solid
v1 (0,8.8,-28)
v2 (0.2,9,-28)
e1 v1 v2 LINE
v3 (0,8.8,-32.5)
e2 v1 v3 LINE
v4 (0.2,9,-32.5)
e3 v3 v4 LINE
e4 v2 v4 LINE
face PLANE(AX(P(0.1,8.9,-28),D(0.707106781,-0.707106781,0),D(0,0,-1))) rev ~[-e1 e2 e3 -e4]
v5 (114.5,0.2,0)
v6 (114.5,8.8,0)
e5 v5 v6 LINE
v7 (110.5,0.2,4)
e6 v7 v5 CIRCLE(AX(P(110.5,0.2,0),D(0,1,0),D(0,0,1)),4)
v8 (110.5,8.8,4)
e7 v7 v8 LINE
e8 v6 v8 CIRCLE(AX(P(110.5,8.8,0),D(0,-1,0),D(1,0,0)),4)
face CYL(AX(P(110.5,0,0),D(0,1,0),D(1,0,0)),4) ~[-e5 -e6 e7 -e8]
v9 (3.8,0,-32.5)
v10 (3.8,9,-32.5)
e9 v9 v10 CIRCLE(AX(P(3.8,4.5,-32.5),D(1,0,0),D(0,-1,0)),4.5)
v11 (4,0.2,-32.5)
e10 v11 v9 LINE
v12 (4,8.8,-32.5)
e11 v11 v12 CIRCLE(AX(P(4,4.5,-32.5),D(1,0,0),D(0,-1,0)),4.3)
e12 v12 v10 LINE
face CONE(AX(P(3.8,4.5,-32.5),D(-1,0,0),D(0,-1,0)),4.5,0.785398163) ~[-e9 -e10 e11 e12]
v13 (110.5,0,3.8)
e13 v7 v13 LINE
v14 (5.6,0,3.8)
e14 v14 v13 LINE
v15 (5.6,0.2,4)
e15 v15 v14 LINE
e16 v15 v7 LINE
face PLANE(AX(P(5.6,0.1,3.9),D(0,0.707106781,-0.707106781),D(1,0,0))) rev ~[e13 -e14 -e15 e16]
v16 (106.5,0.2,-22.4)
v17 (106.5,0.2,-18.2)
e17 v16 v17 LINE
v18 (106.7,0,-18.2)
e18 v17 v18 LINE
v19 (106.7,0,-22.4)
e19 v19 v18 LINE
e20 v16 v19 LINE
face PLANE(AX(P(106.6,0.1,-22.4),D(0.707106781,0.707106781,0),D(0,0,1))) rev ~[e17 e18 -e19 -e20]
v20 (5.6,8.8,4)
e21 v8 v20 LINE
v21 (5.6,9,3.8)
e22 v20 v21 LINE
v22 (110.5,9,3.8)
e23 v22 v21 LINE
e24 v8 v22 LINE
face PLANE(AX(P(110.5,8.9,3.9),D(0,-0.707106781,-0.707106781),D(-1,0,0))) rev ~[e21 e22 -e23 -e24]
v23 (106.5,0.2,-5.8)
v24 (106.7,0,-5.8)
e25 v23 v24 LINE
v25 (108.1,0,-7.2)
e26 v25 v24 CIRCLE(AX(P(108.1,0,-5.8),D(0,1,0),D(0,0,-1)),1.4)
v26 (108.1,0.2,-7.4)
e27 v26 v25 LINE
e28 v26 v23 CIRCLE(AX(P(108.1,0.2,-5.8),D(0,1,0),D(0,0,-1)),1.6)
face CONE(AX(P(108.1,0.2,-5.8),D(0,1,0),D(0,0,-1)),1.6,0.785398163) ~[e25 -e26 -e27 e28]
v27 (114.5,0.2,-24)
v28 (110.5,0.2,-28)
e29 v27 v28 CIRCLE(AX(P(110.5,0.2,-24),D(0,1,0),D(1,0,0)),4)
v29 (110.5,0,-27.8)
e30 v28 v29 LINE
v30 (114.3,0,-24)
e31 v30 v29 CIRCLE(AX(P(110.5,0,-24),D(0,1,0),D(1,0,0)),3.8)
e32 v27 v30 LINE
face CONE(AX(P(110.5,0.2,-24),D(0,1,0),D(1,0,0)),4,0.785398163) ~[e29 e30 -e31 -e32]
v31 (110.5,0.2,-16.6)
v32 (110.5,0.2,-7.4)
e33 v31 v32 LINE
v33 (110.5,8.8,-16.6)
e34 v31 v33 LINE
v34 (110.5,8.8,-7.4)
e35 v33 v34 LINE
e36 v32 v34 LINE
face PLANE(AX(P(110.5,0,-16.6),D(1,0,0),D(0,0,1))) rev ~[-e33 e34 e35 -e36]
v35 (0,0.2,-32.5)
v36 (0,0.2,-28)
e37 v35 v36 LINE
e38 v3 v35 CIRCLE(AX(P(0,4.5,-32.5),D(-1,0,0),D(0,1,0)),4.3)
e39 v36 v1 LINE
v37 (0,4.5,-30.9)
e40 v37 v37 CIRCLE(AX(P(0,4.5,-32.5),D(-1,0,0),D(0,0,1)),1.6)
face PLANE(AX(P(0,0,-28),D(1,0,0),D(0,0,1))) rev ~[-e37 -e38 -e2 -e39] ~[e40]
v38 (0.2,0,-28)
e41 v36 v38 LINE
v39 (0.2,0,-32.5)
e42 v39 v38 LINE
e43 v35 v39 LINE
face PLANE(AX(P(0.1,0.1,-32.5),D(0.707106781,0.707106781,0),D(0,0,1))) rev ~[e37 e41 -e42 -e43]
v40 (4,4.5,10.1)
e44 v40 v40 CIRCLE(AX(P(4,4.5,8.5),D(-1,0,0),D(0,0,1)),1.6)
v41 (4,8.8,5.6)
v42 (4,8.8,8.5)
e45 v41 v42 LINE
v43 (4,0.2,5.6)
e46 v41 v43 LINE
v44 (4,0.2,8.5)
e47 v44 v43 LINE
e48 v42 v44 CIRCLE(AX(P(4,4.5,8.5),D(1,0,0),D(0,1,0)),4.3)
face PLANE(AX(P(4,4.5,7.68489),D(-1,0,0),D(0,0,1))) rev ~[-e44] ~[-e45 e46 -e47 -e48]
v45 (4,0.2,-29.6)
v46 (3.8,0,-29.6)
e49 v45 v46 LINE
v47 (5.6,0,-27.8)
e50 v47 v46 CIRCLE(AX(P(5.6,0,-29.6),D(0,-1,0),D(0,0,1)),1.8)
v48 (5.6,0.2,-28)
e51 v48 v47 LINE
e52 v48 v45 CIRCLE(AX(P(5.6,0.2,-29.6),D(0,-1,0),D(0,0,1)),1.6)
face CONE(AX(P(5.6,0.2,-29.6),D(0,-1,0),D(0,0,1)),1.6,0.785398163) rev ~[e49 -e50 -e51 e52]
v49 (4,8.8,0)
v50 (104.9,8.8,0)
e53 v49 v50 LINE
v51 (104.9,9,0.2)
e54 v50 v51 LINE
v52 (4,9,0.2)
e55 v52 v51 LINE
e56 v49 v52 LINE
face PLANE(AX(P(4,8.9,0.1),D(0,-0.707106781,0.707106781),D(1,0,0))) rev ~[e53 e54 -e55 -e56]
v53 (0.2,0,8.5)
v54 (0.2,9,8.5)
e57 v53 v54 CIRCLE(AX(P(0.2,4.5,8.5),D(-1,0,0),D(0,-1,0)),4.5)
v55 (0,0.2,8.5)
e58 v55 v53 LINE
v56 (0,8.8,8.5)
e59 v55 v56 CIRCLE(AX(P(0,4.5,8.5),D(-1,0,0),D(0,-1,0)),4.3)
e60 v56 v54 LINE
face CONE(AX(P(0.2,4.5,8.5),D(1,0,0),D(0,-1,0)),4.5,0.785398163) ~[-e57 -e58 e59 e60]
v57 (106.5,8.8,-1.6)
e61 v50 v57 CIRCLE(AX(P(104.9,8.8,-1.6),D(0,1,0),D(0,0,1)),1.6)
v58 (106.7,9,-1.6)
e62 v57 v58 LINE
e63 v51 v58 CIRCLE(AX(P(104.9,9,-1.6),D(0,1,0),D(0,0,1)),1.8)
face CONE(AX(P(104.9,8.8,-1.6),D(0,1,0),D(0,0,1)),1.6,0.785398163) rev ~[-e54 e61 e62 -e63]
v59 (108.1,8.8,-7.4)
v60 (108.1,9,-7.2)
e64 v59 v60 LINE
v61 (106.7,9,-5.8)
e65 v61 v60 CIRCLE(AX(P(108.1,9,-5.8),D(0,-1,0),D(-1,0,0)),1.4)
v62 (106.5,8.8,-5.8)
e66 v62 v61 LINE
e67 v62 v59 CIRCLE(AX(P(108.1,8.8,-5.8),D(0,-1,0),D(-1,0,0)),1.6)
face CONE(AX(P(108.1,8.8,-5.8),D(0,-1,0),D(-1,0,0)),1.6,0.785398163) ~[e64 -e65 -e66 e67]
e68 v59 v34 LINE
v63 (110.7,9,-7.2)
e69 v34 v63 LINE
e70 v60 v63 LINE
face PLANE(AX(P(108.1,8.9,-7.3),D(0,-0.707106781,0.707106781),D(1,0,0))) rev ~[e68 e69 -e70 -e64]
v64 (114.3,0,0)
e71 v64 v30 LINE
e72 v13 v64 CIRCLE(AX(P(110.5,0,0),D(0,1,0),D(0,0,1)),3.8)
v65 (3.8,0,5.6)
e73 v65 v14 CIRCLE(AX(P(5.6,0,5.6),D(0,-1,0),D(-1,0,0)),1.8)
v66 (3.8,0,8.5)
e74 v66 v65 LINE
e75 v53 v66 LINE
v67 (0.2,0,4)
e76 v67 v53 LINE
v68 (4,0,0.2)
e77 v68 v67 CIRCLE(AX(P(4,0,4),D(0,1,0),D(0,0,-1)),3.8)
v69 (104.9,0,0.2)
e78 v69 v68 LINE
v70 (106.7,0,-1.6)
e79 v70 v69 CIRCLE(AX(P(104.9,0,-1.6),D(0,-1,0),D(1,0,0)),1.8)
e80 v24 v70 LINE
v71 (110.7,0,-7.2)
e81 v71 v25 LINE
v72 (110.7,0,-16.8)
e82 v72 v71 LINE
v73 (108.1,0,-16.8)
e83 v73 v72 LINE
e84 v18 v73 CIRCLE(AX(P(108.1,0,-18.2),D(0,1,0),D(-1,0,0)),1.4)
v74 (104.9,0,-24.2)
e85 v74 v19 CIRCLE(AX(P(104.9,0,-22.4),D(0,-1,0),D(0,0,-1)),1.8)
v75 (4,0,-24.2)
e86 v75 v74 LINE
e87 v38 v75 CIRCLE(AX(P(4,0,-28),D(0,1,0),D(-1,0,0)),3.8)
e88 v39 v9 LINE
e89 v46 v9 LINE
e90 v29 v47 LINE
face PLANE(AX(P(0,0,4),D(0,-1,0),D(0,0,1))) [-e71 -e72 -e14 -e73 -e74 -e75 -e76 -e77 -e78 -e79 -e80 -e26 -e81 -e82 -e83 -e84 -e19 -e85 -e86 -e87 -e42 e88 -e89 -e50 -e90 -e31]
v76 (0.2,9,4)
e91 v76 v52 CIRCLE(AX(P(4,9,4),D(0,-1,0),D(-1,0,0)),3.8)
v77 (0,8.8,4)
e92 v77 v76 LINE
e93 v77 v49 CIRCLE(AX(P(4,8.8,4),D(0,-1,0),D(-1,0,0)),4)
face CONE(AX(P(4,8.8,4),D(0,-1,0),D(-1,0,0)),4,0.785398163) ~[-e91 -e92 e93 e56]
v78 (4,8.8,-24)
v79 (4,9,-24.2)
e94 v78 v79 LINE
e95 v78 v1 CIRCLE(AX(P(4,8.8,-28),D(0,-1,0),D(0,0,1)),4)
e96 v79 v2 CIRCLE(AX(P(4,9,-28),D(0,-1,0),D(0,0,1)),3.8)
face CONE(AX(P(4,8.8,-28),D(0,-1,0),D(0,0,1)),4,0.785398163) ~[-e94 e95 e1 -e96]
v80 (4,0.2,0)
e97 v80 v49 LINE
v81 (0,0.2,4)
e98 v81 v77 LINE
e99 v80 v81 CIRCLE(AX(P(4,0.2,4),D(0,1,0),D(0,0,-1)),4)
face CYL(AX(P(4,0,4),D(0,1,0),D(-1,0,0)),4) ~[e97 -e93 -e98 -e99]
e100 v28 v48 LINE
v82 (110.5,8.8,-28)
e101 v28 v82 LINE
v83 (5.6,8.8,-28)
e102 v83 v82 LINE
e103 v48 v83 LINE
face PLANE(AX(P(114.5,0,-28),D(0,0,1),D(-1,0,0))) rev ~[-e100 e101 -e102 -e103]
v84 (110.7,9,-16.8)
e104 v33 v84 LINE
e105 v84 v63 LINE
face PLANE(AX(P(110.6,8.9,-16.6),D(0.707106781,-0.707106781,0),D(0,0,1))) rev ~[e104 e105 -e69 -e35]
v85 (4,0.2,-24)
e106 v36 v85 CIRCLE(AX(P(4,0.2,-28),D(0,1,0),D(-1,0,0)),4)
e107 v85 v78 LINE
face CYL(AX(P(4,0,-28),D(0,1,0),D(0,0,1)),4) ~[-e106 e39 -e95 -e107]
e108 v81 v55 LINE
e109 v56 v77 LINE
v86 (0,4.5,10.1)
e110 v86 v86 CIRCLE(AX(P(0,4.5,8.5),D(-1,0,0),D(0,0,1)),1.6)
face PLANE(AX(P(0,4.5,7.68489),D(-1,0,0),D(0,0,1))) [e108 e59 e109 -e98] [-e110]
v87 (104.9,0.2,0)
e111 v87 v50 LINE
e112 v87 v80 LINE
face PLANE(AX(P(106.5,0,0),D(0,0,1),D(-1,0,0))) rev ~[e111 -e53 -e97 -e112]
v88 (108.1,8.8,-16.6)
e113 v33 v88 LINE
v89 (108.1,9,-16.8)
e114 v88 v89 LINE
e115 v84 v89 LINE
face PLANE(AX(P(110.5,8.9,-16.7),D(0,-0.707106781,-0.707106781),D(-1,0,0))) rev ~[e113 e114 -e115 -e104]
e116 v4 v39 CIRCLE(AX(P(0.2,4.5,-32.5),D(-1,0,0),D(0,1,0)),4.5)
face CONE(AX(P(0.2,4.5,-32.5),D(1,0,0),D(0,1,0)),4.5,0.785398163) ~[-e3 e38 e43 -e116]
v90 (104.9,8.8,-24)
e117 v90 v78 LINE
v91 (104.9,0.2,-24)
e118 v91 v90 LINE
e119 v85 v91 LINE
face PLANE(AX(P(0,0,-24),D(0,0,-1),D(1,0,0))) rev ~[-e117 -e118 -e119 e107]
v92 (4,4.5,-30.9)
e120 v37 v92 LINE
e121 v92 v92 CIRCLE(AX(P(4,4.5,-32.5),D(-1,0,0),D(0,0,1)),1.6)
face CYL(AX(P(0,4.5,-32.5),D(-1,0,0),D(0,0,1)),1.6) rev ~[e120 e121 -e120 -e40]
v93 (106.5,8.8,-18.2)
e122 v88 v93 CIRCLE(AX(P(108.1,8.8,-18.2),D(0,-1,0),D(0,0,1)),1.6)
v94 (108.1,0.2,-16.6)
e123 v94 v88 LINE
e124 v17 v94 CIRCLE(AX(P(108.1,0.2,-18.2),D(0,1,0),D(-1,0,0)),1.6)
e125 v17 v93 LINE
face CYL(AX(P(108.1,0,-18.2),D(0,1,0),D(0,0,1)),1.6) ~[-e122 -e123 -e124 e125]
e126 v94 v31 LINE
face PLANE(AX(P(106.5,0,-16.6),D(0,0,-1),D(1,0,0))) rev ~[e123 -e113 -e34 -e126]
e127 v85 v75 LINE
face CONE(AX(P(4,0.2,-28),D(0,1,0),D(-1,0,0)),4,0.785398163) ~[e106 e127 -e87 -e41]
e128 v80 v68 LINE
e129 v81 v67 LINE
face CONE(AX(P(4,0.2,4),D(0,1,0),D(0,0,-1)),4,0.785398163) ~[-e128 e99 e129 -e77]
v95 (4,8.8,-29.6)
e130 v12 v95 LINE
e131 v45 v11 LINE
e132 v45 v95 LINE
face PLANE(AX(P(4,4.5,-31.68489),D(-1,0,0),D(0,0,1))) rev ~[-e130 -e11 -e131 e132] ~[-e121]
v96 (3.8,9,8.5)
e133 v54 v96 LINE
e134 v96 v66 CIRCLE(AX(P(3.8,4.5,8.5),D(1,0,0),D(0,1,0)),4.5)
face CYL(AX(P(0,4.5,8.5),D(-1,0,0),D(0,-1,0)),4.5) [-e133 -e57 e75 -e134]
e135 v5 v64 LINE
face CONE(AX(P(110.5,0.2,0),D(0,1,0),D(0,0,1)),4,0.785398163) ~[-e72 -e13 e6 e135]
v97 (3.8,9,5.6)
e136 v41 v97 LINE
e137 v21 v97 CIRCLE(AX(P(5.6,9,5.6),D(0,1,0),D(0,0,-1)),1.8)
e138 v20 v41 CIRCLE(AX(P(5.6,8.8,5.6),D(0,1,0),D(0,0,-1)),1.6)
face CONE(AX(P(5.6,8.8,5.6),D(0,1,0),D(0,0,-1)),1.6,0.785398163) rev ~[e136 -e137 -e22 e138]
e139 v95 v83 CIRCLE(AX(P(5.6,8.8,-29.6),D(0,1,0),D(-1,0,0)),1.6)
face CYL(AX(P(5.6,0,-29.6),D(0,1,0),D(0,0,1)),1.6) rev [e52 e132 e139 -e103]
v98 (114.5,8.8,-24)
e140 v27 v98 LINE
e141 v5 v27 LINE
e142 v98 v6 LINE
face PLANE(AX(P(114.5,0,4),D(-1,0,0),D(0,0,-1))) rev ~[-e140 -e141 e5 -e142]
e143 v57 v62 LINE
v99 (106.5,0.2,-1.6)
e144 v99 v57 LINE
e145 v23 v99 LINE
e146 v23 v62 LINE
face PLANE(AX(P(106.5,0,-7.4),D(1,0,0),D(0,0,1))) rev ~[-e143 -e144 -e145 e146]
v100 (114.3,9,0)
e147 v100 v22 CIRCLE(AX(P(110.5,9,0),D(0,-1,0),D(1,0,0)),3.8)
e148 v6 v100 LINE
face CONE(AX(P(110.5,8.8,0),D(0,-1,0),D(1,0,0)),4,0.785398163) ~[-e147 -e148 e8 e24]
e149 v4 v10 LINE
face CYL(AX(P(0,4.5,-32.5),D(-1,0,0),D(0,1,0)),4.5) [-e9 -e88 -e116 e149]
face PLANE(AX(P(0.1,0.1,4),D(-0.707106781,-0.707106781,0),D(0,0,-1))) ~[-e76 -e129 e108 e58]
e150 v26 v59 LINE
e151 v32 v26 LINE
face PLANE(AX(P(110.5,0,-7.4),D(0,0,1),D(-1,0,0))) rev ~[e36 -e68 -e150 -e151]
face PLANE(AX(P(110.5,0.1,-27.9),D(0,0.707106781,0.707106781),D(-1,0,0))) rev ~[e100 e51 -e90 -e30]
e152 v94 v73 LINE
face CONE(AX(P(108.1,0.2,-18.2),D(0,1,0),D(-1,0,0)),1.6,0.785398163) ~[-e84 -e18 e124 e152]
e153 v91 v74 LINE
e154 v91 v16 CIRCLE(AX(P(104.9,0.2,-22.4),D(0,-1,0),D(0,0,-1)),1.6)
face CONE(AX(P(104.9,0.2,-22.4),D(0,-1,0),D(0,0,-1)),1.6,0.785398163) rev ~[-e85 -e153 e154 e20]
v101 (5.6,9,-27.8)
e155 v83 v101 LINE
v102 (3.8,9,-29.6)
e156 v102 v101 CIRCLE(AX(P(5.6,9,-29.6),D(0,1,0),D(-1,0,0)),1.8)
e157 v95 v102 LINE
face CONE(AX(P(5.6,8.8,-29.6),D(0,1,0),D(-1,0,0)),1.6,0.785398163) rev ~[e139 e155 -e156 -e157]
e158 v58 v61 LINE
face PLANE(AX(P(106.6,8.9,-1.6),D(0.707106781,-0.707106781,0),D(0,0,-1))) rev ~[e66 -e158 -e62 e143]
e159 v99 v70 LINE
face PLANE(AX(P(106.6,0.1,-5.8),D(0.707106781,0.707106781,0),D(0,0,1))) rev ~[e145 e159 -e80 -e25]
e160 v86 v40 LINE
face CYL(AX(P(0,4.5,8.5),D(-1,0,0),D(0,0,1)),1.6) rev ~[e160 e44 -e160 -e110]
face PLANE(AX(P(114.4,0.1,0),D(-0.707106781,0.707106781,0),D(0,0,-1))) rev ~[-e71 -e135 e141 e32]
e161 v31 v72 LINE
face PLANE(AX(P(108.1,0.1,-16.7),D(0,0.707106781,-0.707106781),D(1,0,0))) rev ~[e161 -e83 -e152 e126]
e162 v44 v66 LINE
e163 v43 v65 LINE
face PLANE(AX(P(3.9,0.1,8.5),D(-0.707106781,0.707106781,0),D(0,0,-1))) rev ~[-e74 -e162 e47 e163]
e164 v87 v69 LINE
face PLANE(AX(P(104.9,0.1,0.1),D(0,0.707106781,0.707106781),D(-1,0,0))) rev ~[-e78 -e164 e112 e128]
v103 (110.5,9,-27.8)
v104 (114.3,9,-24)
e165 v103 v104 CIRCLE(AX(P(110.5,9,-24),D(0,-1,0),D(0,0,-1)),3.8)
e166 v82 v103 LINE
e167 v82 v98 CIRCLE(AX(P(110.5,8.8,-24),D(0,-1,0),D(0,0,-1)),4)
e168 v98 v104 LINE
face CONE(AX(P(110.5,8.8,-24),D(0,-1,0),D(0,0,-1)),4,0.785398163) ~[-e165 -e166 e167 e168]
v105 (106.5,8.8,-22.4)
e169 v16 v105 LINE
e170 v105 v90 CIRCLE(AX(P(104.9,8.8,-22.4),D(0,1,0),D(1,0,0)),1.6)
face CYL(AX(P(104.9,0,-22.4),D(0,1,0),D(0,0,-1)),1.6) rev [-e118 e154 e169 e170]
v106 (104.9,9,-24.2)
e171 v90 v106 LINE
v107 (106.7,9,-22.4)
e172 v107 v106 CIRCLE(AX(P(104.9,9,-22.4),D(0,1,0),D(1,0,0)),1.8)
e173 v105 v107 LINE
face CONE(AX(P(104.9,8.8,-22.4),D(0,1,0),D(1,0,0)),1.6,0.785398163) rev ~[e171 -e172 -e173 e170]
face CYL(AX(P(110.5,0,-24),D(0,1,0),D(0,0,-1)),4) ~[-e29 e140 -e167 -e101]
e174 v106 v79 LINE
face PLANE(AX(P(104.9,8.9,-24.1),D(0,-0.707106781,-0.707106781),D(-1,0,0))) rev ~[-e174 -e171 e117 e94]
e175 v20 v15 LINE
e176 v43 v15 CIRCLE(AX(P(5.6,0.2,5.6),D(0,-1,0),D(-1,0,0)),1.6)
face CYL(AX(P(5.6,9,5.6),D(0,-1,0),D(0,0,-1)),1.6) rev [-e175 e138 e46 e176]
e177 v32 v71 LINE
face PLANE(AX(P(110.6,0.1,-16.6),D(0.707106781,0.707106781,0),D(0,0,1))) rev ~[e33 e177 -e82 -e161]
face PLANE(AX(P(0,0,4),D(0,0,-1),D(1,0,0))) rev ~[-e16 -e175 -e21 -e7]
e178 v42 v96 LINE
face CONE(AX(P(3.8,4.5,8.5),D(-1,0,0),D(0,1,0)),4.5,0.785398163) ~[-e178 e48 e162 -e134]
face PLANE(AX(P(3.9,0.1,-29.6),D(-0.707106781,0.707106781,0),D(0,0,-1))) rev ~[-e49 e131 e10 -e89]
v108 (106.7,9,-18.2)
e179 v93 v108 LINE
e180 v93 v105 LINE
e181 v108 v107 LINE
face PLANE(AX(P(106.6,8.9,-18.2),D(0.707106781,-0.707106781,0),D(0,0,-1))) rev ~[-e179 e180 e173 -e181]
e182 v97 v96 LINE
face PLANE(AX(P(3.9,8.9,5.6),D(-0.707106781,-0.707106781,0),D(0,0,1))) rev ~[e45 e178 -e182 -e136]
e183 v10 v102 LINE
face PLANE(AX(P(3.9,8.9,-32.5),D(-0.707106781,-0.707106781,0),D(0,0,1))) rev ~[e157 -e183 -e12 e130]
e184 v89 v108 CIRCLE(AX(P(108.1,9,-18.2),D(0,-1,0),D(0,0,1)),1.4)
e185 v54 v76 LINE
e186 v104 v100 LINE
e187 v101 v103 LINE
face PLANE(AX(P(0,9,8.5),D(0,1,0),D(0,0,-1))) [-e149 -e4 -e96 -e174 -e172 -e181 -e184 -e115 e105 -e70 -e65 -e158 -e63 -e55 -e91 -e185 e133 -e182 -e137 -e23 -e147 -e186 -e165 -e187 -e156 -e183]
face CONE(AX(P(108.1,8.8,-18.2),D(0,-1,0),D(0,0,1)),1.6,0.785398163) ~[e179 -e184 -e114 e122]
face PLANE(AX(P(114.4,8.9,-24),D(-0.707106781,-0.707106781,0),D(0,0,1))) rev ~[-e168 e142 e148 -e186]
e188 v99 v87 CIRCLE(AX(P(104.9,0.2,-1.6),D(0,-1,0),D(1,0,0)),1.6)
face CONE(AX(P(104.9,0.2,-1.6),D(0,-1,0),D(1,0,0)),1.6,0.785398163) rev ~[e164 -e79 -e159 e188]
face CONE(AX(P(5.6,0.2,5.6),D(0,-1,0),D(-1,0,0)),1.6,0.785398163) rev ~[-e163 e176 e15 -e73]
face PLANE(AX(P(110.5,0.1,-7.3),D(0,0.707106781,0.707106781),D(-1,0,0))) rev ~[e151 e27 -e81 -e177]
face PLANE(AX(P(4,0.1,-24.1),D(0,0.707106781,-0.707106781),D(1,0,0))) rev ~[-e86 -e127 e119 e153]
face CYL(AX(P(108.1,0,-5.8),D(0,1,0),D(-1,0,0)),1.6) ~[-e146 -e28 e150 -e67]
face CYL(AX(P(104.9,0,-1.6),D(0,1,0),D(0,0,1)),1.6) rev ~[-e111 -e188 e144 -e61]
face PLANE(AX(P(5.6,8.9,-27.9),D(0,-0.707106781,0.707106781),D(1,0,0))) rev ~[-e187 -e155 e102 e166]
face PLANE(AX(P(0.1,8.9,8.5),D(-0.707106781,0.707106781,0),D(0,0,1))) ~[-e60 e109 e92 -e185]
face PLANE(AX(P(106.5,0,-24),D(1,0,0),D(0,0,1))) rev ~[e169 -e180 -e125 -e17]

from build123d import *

# Parameters (mm, degrees)
EXTRUDE_1_DEPTH = 9
SKETCH_2_R      = 1.6
EXTRUDE_2_DEPTH = 4
FILLET_1_R      = 4
FILLET_2_R      = 1.6
CHAMFER_1_SIZE  = 0.2


with BuildPart() as part:
    # 草图1 → 凸台-拉伸1 (new body)
    with BuildSketch(Plane(origin=(0, 0, 0), x_dir=(1, 0, 0), z_dir=(0, 1, 0))):
        Polygon((106.5, 0), (0, 0), (0, -4), (114.5, -4), (114.5, 28), (0, 28), (0, 24), (106.5, 24), (106.5, 16.6), (110.5, 16.6), (110.5, 7.4), (106.5, 7.4), align=None)
    extrude(amount=EXTRUDE_1_DEPTH)

    # 草图2 → 凸台-拉伸2 (add)
    # profile 1 of 2: a face of its own
    with BuildSketch(Plane.ZY):
        with BuildLine():
            Line((8.5, 9), (4, 9))
            Line((4, 9), (4, 0))
            Line((4, 0), (8.5, 0))
            ThreePointArc((8.5, 0), (13, 4.5), (8.5, 9))
        make_face()
        with Locations((8.5, 4.5)):
            Circle(SKETCH_2_R, mode=Mode.SUBTRACT)
    # profile 2 of 2: a face of its own
    with BuildSketch(Plane.ZY):
        with BuildLine():
            Line((-28, 0), (-28, 9))
            Line((-28, 9), (-32.5, 9))
            ThreePointArc((-32.5, 9), (-37, 4.5), (-32.5, 0))
            Line((-32.5, 0), (-28, 0))
        make_face()
        with Locations((-32.5, 4.5)):
            Circle(SKETCH_2_R, mode=Mode.SUBTRACT)
    extrude(amount=-EXTRUDE_2_DEPTH)

    # 圆角1
    fillet_1_edges = [part.edges().sort_by_distance(p)[0] for p in [
        (0, 4.5, -24),
        (114.5, 4.5, -28),
        (114.5, 4.5, 4),
        (0, 4.5, 0),
    ]]
    fillet(fillet_1_edges, radius=FILLET_1_R)

    # 圆角2
    fillet_2_edges = [part.edges().sort_by_distance(p)[0] for p in [
        (106.5, 4.5, -16.6),
        (106.5, 4.5, -24),
        (106.5, 4.5, 0),
        (106.5, 4.5, -7.4),
        (4, 4.5, -28),
        (4, 4.5, 4),
    ]]
    fillet(fillet_2_edges, radius=FILLET_2_R)

    # 倒角1
    chamfer_1_edges = [part.edges().sort_by_distance(p)[0] for p in [
        (106.5, 0, -3.7),
        (106.5, 9, -3.7),
        (58.05, 0, -28),
        (58.05, 0, 4),
        (54.45, 0, 0),
        (106.5, 0, -20.3),
        (106.96862915, 0, -17.06862915),
        (106.96862915, 0, -6.93137085),
        (58.05, 9, -28),
        (4, 9, -31.05),
        (106.5, 9, -20.3),
        (54.45, 9, 0),
        (4, 9, 7.05),
        (58.05, 9, 4),
        (106.96862915, 9, -17.06862915),
        (106.96862915, 9, -6.93137085),
        (109.3, 9, -7.4),
        (106.03137085, 0, -0.46862915),
        (106.03137085, 9, -0.46862915),
        (4.46862915, 9, 4.46862915),
        (4.46862915, 0, 4.46862915),
        (4.46862915, 0, -28.46862915),
        (4.46862915, 9, -28.46862915),
        (106.03137085, 0, -23.53137085),
        (106.03137085, 9, -23.53137085),
        (109.3, 0, -7.4),
        (110.5, 0, -12),
        (109.3, 0, -16.6),
        (109.3, 9, -16.6),
        (0, 4.5, -37),
        (4, 0, -31.05),
        (4, 4.5, -37),
        (4, 4.5, 13),
        (4, 0, 7.05),
        (0, 4.5, 13),
        (54.45, 0, -24),
        (0, 0, -30.25),
        (114.5, 0, -12),
        (0, 0, 6.25),
        (1.171572875, 0, -25.171572875),
        (1.171572875, 0, 1.171572875),
        (113.328427125, 0, 2.828427125),
        (113.328427125, 0, -26.828427125),
        (114.5, 9, -12),
        (110.5, 9, -12),
        (0, 9, 6.25),
        (0, 9, -30.25),
        (54.45, 9, -24),
        (1.171572875, 9, -25.171572875),
        (1.171572875, 9, 1.171572875),
        (113.328427125, 9, 2.828427125),
        (113.328427125, 9, -26.828427125),
    ]]
    chamfer(chamfer_1_edges, length=CHAMFER_1_SIZE)


solid = part.part
